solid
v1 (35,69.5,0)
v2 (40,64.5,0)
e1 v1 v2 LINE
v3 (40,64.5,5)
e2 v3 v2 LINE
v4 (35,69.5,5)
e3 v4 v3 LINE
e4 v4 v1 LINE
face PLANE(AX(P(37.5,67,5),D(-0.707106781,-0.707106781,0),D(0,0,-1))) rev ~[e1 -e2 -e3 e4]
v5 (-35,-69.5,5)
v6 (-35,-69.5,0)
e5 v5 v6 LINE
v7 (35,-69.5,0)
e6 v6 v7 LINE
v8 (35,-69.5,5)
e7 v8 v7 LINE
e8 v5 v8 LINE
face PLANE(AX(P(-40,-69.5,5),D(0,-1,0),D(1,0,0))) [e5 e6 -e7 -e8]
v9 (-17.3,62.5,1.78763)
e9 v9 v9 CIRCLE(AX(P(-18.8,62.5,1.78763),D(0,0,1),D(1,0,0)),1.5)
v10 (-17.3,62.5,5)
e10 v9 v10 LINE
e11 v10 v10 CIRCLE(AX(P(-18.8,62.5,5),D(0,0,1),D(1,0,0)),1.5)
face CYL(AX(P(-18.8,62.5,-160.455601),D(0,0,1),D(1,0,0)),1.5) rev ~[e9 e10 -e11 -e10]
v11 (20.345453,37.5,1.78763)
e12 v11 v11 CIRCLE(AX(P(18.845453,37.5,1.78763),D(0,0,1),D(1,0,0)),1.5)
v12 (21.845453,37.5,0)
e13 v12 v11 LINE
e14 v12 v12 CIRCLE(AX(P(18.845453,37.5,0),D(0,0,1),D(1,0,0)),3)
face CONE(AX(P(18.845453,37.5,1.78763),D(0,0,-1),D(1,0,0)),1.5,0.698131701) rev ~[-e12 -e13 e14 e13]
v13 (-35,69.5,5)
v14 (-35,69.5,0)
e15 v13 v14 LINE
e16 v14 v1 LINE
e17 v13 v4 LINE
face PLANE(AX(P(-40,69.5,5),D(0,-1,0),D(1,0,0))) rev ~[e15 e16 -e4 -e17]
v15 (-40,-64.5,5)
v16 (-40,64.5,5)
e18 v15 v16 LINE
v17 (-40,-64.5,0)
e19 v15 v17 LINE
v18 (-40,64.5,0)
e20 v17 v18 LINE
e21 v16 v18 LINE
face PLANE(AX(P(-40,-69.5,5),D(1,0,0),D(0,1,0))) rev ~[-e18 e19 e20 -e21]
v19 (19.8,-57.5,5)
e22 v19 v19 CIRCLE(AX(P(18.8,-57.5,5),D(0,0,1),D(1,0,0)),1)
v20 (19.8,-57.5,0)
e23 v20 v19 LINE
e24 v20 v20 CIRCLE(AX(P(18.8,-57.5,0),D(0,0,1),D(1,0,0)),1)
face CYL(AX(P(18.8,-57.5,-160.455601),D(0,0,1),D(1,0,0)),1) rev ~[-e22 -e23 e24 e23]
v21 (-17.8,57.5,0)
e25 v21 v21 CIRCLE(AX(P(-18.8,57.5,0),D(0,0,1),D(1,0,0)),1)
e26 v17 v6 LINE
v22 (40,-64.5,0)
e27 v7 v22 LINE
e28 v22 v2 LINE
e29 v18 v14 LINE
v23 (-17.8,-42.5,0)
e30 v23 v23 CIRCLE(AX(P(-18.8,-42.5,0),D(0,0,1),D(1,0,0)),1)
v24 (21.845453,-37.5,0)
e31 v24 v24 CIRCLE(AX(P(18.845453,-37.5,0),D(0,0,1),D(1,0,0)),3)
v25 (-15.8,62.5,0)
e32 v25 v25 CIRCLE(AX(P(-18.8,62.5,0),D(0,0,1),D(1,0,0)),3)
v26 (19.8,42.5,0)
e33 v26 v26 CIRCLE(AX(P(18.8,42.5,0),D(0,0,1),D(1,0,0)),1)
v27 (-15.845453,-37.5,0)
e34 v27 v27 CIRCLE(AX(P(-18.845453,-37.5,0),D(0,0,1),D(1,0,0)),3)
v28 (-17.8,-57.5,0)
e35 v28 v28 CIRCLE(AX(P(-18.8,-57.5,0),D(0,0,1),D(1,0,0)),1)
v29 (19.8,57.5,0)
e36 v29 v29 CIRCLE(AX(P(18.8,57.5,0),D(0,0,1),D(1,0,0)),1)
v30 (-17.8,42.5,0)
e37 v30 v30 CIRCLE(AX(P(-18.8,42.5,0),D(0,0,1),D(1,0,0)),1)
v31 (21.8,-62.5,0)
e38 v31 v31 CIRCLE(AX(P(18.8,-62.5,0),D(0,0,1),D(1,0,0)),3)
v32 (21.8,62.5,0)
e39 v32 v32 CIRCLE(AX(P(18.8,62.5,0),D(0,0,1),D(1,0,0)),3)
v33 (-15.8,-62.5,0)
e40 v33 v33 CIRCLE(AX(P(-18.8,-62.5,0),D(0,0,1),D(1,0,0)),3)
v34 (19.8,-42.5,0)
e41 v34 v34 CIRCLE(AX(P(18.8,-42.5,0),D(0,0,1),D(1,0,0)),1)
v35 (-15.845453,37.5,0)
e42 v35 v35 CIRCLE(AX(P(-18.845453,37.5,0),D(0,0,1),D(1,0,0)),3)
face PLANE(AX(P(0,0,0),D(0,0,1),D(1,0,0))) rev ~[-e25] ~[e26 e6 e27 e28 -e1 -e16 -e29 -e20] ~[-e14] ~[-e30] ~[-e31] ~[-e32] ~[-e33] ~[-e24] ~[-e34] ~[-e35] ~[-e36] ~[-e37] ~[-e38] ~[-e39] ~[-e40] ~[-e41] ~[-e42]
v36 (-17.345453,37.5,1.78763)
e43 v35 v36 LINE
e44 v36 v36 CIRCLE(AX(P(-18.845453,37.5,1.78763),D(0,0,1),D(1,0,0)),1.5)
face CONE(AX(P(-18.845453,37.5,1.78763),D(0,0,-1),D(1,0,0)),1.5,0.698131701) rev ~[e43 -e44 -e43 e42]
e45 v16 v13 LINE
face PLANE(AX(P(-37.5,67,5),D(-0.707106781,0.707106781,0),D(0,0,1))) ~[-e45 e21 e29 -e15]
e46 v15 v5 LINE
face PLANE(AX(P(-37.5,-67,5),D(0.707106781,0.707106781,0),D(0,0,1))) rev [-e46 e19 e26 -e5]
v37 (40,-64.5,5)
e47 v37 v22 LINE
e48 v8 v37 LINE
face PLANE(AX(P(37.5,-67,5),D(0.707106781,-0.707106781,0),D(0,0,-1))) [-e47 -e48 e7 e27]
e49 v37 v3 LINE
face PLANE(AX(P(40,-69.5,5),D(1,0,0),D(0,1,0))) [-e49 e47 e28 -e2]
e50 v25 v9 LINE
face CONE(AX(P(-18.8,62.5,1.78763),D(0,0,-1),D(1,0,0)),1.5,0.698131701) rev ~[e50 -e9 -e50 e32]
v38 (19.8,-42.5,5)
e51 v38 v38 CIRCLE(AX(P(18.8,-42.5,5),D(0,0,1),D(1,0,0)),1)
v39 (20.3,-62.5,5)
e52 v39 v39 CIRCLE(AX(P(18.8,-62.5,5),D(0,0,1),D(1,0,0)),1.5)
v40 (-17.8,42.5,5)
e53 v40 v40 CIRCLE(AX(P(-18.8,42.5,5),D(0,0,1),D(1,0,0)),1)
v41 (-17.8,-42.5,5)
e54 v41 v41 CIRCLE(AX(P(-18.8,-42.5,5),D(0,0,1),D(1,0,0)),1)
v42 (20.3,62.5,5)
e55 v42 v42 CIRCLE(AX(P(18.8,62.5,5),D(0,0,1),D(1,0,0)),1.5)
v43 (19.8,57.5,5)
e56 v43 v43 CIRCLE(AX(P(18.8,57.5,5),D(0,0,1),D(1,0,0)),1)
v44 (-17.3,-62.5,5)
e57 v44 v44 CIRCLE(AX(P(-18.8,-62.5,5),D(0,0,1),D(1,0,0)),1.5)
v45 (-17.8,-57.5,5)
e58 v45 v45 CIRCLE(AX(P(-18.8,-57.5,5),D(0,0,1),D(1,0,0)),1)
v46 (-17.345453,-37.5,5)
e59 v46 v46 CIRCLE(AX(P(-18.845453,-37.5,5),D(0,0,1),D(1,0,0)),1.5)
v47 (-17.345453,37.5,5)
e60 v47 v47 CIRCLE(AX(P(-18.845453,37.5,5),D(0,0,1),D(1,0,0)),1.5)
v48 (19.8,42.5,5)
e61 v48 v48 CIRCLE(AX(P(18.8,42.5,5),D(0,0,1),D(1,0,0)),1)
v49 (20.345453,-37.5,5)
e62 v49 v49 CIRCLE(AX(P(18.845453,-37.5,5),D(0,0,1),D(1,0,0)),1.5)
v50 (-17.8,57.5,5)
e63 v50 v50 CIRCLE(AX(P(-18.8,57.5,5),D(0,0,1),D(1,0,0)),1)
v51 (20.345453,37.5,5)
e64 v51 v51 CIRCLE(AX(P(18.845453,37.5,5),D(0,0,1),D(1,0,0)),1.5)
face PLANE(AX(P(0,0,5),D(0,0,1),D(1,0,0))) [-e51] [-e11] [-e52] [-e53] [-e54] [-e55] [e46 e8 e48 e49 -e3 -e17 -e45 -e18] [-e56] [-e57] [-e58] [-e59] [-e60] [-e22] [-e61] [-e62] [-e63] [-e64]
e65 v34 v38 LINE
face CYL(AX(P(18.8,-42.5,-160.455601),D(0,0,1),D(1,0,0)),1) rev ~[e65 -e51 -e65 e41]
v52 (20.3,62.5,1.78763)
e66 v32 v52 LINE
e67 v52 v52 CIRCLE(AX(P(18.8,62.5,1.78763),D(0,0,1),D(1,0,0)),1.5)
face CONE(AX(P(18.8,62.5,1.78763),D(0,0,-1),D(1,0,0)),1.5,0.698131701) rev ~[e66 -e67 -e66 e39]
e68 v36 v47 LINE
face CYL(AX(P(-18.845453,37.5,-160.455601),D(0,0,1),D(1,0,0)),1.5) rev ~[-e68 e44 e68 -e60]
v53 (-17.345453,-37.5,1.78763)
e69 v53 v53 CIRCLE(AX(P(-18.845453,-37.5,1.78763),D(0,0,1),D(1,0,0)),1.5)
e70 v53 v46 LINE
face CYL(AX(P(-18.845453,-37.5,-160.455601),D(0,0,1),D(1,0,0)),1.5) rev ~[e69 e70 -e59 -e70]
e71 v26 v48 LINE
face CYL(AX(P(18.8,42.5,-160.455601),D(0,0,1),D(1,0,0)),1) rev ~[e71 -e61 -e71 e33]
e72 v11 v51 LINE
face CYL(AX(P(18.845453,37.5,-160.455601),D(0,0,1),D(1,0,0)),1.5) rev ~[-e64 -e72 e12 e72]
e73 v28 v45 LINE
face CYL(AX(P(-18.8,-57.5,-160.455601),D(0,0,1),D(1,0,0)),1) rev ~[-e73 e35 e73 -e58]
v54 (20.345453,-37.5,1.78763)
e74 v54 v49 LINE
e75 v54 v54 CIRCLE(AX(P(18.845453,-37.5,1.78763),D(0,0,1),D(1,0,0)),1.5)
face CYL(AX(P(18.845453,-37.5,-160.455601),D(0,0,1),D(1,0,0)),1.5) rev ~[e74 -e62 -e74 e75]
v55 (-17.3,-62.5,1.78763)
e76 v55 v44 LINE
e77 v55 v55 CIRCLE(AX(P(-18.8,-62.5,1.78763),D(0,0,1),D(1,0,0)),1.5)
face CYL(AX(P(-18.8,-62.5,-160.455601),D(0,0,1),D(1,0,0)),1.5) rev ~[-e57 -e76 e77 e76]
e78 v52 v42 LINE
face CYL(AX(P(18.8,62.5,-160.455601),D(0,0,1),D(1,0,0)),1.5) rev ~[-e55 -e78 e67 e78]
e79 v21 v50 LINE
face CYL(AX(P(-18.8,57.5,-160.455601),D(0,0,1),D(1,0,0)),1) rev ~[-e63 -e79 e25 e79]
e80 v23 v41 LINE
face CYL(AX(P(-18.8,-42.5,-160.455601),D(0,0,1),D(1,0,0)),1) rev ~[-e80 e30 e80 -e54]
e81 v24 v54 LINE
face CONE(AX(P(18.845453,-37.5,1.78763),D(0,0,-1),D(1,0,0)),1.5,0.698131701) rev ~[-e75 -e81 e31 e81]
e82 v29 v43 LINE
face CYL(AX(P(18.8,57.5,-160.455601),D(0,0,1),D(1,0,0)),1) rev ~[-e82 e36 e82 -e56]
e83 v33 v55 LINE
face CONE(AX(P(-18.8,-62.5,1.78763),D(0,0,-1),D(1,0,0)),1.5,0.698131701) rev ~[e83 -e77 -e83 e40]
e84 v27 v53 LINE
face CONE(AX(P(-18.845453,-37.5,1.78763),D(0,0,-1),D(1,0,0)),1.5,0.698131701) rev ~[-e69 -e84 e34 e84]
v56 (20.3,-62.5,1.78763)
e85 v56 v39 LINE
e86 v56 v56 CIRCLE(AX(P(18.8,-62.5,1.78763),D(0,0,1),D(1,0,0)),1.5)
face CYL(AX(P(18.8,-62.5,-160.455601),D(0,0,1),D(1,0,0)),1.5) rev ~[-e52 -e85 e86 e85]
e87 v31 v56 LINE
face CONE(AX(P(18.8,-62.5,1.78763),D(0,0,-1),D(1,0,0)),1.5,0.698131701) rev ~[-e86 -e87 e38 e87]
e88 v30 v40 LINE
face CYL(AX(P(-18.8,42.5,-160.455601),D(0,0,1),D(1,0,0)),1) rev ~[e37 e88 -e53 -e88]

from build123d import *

# Parameters (mm, degrees)
SKETCH1_W                = 80
SKETCH1_H                = 139
BOSS_EXTRUDE1_DEPTH      = 5
F_3_0_3_DIAMETER_HOLE1_D = 3
F_2_0_2_DIAMETER_HOLE1_D = 2
CHAMFER1_SIZE            = 1.5
CHAMFER1_SIZE2           = 1.787630389
CHAMFER2_SIZE            = 5


with BuildPart() as part:
    # Sketch1 → Boss-Extrude1 (new body)
    with BuildSketch(Plane.XY.offset(5)):
        Rectangle(SKETCH1_W, SKETCH1_H)
    extrude(amount=-BOSS_EXTRUDE1_DEPTH)

    # Ø3.0 (3) Diameter Hole1 (through all)
    with Locations(Plane(origin=(0, 0, 0), x_dir=(-1, 0, 0), z_dir=(0, 0, -1))):
        with Locations((-18.8, 62.5), (18.8, -62.5), (-18.84545318, -37.5), (18.84545318, -37.5), (18.8, 62.5), (-18.84545318, 37.5), (18.84545318, 37.5), (-18.8, -62.5)):
            Hole(F_3_0_3_DIAMETER_HOLE1_D / 2)

    # Ø2.0 (2) Diameter Hole1 (through all)
    with Locations(Plane(origin=(0, 0, 0), x_dir=(-1, 0, 0), z_dir=(0, 0, -1))):
        with Locations((-18.8, 42.5), (-18.8, 57.5), (18.8, 42.5), (-18.8, -57.5), (-18.8, -42.5), (18.8, -57.5), (18.8, -42.5), (18.8, 57.5)):
            Hole(F_2_0_2_DIAMETER_HOLE1_D / 2)

    # Chamfer1
    chamfer1_edges = [part.edges().sort_by_distance(p)[0] for p in [
        (17.3, -62.5, 0),
        (-20.34545318, 37.5, 0),
        (17.34545318, 37.5, 0),
        (-20.3, 62.5, 0),
        (-20.34545318, -37.5, 0),
        (17.34545318, -37.5, 0),
        (-20.3, -62.5, 0),
        (17.3, 62.5, 0),
    ]]
    chamfer1_side = [part.faces().sort_by_distance(p)[0] for p in [
        (0, 0, 0),
    ]]
    chamfer(chamfer1_edges, length=CHAMFER1_SIZE, length2=CHAMFER1_SIZE2, reference=chamfer1_side[0])

    # Chamfer2
    chamfer2_edges = [part.edges().sort_by_distance(p)[0] for p in [
        (-40, 69.5, 2.5),
        (40, 69.5, 2.5),
        (40, -69.5, 2.5),
        (-40, -69.5, 2.5),
    ]]
    chamfer(chamfer2_edges, length=CHAMFER2_SIZE)


solid = part.part
